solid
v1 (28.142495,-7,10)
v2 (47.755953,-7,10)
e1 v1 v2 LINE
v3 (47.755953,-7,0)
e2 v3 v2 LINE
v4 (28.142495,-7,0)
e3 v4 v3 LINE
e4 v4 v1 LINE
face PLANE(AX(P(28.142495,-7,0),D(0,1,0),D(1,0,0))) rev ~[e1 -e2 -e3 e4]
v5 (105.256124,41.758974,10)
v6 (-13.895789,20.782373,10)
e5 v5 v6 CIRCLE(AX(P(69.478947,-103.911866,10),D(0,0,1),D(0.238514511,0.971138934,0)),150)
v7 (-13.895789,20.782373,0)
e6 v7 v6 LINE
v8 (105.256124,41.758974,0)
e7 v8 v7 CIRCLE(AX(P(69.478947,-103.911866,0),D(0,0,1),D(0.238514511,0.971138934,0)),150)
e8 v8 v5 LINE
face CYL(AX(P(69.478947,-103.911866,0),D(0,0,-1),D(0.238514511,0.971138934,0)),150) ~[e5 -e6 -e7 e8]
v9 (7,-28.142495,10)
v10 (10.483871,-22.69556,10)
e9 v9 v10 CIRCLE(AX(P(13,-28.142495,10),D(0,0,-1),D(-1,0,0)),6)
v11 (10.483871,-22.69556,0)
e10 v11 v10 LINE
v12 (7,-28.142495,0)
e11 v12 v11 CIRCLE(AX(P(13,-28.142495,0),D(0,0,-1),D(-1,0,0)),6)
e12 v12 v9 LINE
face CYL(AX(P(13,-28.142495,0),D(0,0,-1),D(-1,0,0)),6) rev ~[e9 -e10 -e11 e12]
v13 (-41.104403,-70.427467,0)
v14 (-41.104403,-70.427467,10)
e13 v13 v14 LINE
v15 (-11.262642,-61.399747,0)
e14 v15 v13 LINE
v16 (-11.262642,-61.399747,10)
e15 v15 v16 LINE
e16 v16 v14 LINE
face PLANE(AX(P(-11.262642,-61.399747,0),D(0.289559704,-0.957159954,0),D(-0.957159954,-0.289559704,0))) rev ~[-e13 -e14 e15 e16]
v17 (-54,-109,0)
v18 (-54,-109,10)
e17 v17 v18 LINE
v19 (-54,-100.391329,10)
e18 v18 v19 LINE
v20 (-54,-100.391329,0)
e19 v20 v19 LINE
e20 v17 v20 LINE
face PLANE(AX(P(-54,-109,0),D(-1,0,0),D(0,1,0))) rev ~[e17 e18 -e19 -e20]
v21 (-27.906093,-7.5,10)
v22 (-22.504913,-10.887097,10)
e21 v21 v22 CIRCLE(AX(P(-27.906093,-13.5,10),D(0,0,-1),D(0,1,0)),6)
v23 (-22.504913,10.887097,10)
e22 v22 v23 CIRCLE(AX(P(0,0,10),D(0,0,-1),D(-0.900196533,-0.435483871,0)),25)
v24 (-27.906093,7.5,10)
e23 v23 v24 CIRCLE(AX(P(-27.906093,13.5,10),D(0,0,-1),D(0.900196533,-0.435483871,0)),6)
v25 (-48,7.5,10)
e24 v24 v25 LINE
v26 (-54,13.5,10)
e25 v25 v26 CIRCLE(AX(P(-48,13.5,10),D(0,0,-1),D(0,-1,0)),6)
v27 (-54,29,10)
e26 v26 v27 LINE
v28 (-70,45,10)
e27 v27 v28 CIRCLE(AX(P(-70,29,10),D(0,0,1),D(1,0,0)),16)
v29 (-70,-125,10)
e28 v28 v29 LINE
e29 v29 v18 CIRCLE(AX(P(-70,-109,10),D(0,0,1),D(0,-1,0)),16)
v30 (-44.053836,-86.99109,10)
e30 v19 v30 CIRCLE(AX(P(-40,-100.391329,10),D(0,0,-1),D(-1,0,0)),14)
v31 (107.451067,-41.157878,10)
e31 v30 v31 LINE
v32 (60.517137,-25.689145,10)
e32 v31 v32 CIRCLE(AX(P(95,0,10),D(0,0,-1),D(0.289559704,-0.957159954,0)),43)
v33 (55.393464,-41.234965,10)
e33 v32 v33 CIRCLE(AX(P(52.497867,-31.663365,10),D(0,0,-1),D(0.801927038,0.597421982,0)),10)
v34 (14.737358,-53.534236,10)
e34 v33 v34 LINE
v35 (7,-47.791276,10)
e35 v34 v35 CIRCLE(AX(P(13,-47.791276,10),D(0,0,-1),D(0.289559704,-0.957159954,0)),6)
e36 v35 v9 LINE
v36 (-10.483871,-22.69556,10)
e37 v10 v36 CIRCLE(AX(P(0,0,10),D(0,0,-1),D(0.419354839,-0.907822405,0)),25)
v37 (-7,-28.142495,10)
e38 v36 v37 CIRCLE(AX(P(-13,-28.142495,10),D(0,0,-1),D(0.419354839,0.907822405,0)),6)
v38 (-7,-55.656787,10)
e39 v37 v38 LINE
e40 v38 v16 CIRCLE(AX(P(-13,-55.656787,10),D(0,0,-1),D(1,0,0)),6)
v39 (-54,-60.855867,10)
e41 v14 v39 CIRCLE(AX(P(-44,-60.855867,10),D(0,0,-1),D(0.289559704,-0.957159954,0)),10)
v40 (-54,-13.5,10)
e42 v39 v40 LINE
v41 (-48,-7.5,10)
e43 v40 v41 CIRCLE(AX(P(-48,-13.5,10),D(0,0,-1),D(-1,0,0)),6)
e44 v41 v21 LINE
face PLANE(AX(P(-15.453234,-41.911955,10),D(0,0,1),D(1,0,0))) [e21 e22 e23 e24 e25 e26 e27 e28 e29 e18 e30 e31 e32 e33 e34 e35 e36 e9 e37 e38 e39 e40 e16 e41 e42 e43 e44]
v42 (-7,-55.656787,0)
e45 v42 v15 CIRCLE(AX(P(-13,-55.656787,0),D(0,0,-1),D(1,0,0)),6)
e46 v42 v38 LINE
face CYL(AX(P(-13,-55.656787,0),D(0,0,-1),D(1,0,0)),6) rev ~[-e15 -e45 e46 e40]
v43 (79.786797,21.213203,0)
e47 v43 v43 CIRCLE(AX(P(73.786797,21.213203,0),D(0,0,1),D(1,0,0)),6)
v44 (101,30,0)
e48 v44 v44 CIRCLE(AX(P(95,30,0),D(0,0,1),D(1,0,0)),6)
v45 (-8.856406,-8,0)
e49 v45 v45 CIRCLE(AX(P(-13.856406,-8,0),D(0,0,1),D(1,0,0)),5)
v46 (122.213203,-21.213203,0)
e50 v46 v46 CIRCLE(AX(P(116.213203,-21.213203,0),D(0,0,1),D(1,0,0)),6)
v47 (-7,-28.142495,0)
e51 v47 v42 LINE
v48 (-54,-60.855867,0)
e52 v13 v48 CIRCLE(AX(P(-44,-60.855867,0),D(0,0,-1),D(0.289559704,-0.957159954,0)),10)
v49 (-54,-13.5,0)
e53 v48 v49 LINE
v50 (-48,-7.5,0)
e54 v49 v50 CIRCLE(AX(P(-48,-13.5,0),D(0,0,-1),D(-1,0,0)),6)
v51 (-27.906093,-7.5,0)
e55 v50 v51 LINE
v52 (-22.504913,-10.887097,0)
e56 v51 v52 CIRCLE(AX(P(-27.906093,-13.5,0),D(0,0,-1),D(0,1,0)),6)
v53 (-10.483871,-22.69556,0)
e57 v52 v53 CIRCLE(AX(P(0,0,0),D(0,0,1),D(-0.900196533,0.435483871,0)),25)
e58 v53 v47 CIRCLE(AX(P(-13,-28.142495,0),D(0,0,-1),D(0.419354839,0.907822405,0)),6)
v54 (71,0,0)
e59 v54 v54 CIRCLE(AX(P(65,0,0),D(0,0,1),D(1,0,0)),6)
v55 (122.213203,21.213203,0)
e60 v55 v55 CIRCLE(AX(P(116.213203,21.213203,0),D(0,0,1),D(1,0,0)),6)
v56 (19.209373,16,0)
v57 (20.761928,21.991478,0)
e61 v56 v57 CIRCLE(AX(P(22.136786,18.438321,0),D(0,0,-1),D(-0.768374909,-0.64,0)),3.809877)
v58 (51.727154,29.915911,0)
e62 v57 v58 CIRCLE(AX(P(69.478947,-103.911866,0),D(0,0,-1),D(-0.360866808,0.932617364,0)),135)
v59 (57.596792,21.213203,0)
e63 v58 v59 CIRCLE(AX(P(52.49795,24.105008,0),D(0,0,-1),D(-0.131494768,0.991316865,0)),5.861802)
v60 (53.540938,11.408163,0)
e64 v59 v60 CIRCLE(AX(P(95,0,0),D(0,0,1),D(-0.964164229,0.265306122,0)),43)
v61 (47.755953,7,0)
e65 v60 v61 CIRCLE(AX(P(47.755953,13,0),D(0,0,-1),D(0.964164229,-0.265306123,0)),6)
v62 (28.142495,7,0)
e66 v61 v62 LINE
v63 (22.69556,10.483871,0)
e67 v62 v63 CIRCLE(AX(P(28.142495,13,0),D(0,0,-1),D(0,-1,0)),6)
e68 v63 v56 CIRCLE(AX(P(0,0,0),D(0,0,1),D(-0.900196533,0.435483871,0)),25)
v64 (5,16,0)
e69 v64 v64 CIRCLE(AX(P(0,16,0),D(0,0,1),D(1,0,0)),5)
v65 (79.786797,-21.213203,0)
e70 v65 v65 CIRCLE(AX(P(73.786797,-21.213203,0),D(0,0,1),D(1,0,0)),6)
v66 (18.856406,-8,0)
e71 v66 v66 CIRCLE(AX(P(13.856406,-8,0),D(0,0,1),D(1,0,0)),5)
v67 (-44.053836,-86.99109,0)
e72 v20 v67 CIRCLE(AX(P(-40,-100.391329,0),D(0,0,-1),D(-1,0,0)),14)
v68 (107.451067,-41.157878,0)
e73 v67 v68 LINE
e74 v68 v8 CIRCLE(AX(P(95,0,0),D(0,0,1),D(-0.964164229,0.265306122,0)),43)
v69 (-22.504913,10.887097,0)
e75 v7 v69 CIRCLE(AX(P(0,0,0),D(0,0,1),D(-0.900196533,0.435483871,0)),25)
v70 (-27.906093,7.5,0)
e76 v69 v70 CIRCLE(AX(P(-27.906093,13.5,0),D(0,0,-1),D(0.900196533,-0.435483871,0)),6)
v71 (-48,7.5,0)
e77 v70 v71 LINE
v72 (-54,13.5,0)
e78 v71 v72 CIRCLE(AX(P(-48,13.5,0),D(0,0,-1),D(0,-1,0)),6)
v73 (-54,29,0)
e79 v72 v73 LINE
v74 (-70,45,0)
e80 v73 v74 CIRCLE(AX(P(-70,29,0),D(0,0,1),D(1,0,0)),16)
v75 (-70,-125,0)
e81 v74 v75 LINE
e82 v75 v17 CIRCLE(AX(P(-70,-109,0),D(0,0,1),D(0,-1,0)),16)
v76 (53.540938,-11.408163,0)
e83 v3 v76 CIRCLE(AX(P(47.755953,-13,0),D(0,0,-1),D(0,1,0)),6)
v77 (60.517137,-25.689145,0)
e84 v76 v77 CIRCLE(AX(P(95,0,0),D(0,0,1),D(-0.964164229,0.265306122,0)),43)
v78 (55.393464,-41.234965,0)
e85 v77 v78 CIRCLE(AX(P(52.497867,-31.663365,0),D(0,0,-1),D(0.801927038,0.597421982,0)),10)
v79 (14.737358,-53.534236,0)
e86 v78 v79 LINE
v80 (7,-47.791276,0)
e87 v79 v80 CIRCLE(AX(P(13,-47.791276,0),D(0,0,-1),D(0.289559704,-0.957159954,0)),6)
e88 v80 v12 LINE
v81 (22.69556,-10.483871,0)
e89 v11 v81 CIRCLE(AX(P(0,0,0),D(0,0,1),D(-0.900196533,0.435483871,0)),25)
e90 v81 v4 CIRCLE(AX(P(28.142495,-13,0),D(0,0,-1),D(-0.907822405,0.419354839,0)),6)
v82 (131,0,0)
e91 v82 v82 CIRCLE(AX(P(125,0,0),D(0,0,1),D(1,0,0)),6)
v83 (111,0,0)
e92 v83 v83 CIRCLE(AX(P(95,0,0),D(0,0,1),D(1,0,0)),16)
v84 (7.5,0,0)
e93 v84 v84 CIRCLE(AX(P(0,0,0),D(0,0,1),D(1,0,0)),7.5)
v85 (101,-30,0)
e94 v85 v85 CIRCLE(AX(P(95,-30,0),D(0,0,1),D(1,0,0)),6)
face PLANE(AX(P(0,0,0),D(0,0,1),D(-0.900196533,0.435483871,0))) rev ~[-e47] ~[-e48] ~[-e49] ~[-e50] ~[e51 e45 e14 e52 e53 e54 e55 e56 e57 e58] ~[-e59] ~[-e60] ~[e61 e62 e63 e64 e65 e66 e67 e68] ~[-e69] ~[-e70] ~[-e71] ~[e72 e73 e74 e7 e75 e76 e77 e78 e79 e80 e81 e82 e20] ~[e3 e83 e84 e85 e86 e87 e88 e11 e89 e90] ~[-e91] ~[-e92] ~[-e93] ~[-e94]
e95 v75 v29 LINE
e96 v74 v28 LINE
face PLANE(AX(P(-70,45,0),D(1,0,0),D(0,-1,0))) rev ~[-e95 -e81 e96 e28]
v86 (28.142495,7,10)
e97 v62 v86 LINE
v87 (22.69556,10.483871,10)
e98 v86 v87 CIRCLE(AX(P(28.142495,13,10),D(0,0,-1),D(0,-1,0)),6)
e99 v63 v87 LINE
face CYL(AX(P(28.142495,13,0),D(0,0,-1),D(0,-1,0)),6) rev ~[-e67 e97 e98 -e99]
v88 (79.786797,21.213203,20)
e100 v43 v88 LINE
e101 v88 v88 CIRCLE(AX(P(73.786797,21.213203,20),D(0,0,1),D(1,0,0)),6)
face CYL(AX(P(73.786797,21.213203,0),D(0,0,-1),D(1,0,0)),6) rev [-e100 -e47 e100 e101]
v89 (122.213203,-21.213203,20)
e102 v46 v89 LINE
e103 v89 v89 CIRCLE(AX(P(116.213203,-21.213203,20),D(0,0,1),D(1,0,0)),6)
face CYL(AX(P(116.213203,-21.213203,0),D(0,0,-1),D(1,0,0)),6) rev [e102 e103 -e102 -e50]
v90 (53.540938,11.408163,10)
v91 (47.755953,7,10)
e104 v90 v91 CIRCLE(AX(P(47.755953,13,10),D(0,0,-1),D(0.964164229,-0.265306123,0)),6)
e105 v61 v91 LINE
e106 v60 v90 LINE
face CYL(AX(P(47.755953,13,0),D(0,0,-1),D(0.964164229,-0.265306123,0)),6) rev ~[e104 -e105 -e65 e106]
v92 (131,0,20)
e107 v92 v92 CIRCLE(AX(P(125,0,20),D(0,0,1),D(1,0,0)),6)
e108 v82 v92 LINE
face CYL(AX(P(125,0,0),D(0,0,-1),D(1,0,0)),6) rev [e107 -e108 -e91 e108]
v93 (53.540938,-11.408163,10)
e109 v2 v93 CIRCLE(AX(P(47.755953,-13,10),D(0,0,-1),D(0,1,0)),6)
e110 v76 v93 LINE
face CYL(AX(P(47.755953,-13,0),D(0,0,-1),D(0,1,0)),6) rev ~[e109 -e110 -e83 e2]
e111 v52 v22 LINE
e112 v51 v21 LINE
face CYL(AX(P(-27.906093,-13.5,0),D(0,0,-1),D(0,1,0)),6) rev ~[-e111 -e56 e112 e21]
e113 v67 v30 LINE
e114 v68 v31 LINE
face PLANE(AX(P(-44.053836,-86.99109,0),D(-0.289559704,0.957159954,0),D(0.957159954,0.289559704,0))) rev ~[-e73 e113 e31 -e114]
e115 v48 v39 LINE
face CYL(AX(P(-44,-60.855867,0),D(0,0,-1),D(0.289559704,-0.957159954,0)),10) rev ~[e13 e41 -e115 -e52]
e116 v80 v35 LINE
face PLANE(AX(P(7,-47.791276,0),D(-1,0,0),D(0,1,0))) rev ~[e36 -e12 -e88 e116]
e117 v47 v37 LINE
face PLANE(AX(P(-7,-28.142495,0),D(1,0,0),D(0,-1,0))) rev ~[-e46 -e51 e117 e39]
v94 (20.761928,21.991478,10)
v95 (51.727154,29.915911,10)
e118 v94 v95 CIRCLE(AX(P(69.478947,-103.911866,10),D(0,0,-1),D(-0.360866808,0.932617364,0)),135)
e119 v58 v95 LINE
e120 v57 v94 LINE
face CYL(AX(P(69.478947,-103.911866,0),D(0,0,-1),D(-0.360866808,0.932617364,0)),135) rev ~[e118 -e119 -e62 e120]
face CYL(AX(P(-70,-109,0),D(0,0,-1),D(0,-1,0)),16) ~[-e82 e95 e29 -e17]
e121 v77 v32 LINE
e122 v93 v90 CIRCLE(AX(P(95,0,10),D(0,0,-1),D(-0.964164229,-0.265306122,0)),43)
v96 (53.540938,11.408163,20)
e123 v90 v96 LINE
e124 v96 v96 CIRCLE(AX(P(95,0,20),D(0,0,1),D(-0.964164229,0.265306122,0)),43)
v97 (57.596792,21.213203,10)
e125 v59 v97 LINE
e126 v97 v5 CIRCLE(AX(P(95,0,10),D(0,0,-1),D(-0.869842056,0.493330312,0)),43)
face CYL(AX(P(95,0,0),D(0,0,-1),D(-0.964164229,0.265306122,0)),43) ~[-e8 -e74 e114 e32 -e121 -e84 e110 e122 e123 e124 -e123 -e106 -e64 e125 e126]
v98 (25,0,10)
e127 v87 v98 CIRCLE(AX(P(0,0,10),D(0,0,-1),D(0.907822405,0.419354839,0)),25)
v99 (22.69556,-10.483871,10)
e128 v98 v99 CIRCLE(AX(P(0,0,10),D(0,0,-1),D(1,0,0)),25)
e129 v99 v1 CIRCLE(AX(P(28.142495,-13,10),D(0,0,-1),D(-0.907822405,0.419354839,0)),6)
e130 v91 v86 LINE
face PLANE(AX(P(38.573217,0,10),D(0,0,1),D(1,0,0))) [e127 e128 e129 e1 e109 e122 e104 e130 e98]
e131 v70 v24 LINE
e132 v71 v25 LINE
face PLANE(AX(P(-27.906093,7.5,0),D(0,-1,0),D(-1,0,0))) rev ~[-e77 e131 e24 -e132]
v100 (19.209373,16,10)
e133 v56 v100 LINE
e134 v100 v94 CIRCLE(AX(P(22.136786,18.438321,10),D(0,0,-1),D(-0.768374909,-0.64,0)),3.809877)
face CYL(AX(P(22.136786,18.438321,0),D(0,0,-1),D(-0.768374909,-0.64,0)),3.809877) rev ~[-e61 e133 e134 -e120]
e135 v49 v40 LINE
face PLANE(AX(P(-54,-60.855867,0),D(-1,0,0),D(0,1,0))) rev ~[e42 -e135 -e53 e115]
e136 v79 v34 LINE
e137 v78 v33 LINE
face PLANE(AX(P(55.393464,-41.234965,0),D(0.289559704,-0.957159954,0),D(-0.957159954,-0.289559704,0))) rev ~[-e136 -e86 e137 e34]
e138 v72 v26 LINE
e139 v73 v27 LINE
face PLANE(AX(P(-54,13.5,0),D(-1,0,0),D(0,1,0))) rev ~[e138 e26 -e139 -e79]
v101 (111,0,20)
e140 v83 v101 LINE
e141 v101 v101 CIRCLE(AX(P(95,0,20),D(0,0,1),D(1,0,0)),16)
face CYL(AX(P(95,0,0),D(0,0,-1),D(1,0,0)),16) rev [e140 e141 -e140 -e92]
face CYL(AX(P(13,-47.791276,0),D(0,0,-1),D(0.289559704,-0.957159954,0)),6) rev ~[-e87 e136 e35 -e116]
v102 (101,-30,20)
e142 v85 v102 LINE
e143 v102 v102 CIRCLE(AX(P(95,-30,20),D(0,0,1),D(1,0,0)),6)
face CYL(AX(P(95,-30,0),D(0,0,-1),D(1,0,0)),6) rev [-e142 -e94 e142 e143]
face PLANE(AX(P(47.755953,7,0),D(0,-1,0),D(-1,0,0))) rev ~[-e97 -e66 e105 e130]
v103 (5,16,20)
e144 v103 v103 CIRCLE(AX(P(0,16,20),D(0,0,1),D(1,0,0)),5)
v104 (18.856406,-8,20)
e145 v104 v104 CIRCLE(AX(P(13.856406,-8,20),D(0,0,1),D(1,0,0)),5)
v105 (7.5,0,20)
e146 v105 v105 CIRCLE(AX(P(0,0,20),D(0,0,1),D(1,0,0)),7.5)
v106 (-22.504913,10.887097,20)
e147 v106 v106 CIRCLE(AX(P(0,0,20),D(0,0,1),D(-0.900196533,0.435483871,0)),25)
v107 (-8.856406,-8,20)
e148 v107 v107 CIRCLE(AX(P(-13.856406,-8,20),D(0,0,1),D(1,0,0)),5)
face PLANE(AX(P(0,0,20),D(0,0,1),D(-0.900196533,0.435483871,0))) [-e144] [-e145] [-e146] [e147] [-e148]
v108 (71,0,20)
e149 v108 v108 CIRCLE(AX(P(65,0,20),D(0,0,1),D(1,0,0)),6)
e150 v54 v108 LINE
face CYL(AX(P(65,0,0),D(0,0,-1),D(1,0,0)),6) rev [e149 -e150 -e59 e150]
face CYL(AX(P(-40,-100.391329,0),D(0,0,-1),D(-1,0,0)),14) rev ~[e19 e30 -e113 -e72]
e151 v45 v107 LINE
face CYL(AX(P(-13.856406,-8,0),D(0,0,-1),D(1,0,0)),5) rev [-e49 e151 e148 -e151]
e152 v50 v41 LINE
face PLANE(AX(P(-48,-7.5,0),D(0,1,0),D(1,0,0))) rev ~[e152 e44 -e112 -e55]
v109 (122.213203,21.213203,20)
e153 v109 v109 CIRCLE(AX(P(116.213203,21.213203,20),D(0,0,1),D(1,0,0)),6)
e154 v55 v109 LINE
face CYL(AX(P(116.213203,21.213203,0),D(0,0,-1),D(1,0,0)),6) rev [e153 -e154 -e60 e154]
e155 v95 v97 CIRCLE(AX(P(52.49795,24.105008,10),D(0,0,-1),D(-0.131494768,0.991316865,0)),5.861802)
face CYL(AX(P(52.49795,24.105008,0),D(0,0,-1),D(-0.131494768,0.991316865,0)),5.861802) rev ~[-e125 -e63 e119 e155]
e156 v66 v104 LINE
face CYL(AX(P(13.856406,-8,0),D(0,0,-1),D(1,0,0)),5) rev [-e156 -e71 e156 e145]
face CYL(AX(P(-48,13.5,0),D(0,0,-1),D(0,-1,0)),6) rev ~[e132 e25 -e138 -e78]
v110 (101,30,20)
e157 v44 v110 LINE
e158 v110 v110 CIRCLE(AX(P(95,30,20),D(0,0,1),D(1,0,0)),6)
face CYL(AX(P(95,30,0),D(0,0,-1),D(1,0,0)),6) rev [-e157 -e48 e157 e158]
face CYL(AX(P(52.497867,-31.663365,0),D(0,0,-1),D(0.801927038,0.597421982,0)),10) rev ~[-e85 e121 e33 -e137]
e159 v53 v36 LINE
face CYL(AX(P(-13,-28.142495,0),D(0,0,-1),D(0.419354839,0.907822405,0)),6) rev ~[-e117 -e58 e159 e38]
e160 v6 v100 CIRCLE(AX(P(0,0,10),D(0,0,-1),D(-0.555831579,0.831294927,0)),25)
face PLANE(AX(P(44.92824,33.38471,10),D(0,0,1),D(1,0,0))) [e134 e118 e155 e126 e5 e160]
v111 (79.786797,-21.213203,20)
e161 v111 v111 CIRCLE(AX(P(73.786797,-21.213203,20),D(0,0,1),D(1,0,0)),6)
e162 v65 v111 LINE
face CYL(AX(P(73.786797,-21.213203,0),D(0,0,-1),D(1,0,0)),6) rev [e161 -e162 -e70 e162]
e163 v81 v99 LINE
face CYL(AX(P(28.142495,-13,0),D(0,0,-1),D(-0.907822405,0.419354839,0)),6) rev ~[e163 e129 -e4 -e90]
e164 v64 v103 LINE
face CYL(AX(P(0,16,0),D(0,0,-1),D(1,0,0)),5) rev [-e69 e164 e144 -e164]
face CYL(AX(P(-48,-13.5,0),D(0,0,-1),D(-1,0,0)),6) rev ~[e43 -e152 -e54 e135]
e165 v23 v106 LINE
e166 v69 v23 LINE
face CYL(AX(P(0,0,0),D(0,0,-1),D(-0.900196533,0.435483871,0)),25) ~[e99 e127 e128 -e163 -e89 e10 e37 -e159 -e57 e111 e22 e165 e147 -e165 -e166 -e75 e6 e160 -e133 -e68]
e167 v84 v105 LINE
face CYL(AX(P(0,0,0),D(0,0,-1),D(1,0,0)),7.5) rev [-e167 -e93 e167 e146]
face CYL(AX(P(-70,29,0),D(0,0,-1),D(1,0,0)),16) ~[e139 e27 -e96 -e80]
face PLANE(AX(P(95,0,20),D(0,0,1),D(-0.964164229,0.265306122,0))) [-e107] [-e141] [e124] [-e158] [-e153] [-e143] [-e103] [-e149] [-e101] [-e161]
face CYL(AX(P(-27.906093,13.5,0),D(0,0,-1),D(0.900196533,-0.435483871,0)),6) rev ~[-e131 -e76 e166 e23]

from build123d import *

# Parameters (mm, degrees)
EXTRUDE_1_DEPTH   = 10
EXTRUDE_1_2_DEPTH = 10
EXTRUDE_1_3_DEPTH = 10
SKETCH_1_3_R      = 43
SKETCH_1_3_R_2    = 6
SKETCH_1_3_R_3    = 16
SKETCH_1_3_R_4    = 25
SKETCH_1_3_R_5    = 5
SKETCH_1_3_R_6    = 7.5
EXTRUDE_2_DEPTH   = 20


with BuildPart() as part:
    # Эскиз1 → Бобышка-Вытянуть1 (new body)
    with BuildSketch(Plane.XY):
        with BuildLine():
            ThreePointArc((-54, 29), (-58.686291501, 40.313708499), (-70, 45))
            Line((-70, 45), (-70, -125))
            ThreePointArc((-70, -125), (-58.686291501, -120.313708499), (-54, -109))
            Line((-54, -109), (-54, -100.391329163))
            ThreePointArc((-54, -100.391329163), (-51.241745904, -92.047280445), (-44.053835854, -86.991089805))
            Line((-44.053835854, -86.991089805), (107.451067266, -41.15787803))
            ThreePointArc((107.451067266, -41.15787803), (81.540043629, -40.839069217), (60.517137347, -25.689145242))
            ThreePointArc((60.517137347, -25.689145242), (61.99532492, -34.793587478), (55.393464002, -41.234964608))
            Line((55.393464002, -41.234964608), (14.737358223, -53.534235903))
            ThreePointArc((14.737358223, -53.534235903), (9.423979121, -52.60916728), (7, -47.791276178))
            Line((7, -47.791276178), (7, -28.142494559))
            ThreePointArc((7, -28.142494559), (7.945458765, -24.909599122), (10.483870968, -22.695560128))
            ThreePointArc((10.483870968, -22.695560128), (0, -25), (-10.483870968, -22.695560128))
            ThreePointArc((-10.483870968, -22.695560128), (-7.945458765, -24.909599122), (-7, -28.142494559))
            Line((-7, -28.142494559), (-7, -55.656787337))
            ThreePointArc((-7, -55.656787337), (-8.182108898, -59.232808217), (-11.262641777, -61.399747063))
            Line((-11.262641777, -61.399747063), (-41.104402961, -70.427466509))
            ThreePointArc((-41.104402961, -70.427466509), (-49.960034799, -68.88568547), (-54, -60.855866967))
            Line((-54, -60.855866967), (-54, -13.5))
            ThreePointArc((-54, -13.5), (-52.242640687, -9.257359313), (-48, -7.5))
            Line((-48, -7.5), (-27.906092525, -7.5))
            ThreePointArc((-27.906092525, -7.5), (-24.718414636, -8.416820908), (-22.504913326, -10.887096774))
            ThreePointArc((-22.504913326, -10.887096774), (-25, 0), (-22.504913326, 10.887096774))
            ThreePointArc((-22.504913326, 10.887096774), (-24.718414636, 8.416820908), (-27.906092525, 7.5))
            Line((-27.906092525, 7.5), (-48, 7.5))
            ThreePointArc((-48, 7.5), (-52.242640687, 9.257359313), (-54, 13.5))
            Line((-54, 13.5), (-54, 29))
        make_face()
    extrude(amount=EXTRUDE_1_DEPTH)



with BuildPart() as body_2:
    # Эскиз1 → Extrude 1 2 (new body)
    with BuildSketch(Plane.XY):
        with BuildLine():
            ThreePointArc((105.256123955, 41.758974142), (43.471517996, 43.816308869), (-13.895789474, 20.782373178))
            ThreePointArc((-13.895789474, 20.782373178), (3.574397154, 24.743154306), (19.209372712, 16))
            ThreePointArc((19.209372712, 16), (18.448719356, 19.393999935), (20.761928319, 21.991478208))
            ThreePointArc((20.761928319, 21.991478208), (36.009186006, 26.873359096), (51.727153653, 29.915910824))
            ThreePointArc((51.727153653, 29.915910824), (57.357710528, 27.382727589), (57.596791581, 21.213203436))
            ThreePointArc((57.596791581, 21.213203436), (77.977273362, 39.487045696), (105.256123955, 41.758974142))
        make_face()
    extrude(amount=EXTRUDE_1_2_DEPTH)


with BuildPart() as body_3:
    # Эскиз1 → Extrude 1 3 (new body)
    with BuildSketch(Plane.XY):
        with BuildLine():
            ThreePointArc((47.755952756, -7), (51.392501916, -8.227630546), (53.540938133, -11.408163265))
            ThreePointArc((53.540938133, -11.408163265), (52, 0), (53.540938133, 11.408163265))
            ThreePointArc((53.540938133, 11.408163265), (51.392501916, 8.227630546), (47.755952756, 7))
            Line((47.755952756, 7), (28.142494559, 7))
            ThreePointArc((28.142494559, 7), (24.909599122, 7.945458765), (22.695560128, 10.483870968))
            ThreePointArc((22.695560128, 10.483870968), (25, 0), (22.695560128, -10.483870968))
            ThreePointArc((22.695560128, -10.483870968), (24.909599122, -7.945458765), (28.142494559, -7))
            Line((28.142494559, -7), (47.755952756, -7))
        make_face()
    extrude(amount=EXTRUDE_1_3_DEPTH)


with BuildPart() as part_1:
    add(part.part)

    add(body_2.part)  # Бобышка-Вытянуть2 merges body 2

    add(body_3.part)  # Бобышка-Вытянуть2 merges body 3
    # Эскиз1<3> → Бобышка-Вытянуть2 (add)
    # profile 1 of 2: a face of its own
    with BuildSketch(Plane.XY):
        with Locations((95, 0)):
            Circle(SKETCH_1_3_R)
        with Locations((73.786796564, -21.213203436)):
            Circle(SKETCH_1_3_R_2, mode=Mode.SUBTRACT)
        with Locations((65, 0)):
            Circle(SKETCH_1_3_R_2, mode=Mode.SUBTRACT)
        with Locations((95, -30)):
            Circle(SKETCH_1_3_R_2, mode=Mode.SUBTRACT)
        with Locations((116.213203436, -21.213203436)):
            Circle(SKETCH_1_3_R_2, mode=Mode.SUBTRACT)
        with Locations((95, 0)):
            Circle(SKETCH_1_3_R_3, mode=Mode.SUBTRACT)
        with Locations((125, 0)):
            Circle(SKETCH_1_3_R_2, mode=Mode.SUBTRACT)
        with Locations((73.786796564, 21.213203436)):
            Circle(SKETCH_1_3_R_2, mode=Mode.SUBTRACT)
        with Locations((116.213203436, 21.213203436)):
            Circle(SKETCH_1_3_R_2, mode=Mode.SUBTRACT)
        with Locations((95, 30)):
            Circle(SKETCH_1_3_R_2, mode=Mode.SUBTRACT)
    # profile 2 of 2: a face of its own
    with BuildSketch(Plane.XY):
        Circle(SKETCH_1_3_R_4)
        with Locations((-13.856406461, -8)):
            Circle(SKETCH_1_3_R_5, mode=Mode.SUBTRACT)
        Circle(SKETCH_1_3_R_6, mode=Mode.SUBTRACT)
        with Locations((13.856406461, -8)):
            Circle(SKETCH_1_3_R_5, mode=Mode.SUBTRACT)
        with Locations((0, 16)):
            Circle(SKETCH_1_3_R_5, mode=Mode.SUBTRACT)
    extrude(amount=EXTRUDE_2_DEPTH)


solid = part_1.part
